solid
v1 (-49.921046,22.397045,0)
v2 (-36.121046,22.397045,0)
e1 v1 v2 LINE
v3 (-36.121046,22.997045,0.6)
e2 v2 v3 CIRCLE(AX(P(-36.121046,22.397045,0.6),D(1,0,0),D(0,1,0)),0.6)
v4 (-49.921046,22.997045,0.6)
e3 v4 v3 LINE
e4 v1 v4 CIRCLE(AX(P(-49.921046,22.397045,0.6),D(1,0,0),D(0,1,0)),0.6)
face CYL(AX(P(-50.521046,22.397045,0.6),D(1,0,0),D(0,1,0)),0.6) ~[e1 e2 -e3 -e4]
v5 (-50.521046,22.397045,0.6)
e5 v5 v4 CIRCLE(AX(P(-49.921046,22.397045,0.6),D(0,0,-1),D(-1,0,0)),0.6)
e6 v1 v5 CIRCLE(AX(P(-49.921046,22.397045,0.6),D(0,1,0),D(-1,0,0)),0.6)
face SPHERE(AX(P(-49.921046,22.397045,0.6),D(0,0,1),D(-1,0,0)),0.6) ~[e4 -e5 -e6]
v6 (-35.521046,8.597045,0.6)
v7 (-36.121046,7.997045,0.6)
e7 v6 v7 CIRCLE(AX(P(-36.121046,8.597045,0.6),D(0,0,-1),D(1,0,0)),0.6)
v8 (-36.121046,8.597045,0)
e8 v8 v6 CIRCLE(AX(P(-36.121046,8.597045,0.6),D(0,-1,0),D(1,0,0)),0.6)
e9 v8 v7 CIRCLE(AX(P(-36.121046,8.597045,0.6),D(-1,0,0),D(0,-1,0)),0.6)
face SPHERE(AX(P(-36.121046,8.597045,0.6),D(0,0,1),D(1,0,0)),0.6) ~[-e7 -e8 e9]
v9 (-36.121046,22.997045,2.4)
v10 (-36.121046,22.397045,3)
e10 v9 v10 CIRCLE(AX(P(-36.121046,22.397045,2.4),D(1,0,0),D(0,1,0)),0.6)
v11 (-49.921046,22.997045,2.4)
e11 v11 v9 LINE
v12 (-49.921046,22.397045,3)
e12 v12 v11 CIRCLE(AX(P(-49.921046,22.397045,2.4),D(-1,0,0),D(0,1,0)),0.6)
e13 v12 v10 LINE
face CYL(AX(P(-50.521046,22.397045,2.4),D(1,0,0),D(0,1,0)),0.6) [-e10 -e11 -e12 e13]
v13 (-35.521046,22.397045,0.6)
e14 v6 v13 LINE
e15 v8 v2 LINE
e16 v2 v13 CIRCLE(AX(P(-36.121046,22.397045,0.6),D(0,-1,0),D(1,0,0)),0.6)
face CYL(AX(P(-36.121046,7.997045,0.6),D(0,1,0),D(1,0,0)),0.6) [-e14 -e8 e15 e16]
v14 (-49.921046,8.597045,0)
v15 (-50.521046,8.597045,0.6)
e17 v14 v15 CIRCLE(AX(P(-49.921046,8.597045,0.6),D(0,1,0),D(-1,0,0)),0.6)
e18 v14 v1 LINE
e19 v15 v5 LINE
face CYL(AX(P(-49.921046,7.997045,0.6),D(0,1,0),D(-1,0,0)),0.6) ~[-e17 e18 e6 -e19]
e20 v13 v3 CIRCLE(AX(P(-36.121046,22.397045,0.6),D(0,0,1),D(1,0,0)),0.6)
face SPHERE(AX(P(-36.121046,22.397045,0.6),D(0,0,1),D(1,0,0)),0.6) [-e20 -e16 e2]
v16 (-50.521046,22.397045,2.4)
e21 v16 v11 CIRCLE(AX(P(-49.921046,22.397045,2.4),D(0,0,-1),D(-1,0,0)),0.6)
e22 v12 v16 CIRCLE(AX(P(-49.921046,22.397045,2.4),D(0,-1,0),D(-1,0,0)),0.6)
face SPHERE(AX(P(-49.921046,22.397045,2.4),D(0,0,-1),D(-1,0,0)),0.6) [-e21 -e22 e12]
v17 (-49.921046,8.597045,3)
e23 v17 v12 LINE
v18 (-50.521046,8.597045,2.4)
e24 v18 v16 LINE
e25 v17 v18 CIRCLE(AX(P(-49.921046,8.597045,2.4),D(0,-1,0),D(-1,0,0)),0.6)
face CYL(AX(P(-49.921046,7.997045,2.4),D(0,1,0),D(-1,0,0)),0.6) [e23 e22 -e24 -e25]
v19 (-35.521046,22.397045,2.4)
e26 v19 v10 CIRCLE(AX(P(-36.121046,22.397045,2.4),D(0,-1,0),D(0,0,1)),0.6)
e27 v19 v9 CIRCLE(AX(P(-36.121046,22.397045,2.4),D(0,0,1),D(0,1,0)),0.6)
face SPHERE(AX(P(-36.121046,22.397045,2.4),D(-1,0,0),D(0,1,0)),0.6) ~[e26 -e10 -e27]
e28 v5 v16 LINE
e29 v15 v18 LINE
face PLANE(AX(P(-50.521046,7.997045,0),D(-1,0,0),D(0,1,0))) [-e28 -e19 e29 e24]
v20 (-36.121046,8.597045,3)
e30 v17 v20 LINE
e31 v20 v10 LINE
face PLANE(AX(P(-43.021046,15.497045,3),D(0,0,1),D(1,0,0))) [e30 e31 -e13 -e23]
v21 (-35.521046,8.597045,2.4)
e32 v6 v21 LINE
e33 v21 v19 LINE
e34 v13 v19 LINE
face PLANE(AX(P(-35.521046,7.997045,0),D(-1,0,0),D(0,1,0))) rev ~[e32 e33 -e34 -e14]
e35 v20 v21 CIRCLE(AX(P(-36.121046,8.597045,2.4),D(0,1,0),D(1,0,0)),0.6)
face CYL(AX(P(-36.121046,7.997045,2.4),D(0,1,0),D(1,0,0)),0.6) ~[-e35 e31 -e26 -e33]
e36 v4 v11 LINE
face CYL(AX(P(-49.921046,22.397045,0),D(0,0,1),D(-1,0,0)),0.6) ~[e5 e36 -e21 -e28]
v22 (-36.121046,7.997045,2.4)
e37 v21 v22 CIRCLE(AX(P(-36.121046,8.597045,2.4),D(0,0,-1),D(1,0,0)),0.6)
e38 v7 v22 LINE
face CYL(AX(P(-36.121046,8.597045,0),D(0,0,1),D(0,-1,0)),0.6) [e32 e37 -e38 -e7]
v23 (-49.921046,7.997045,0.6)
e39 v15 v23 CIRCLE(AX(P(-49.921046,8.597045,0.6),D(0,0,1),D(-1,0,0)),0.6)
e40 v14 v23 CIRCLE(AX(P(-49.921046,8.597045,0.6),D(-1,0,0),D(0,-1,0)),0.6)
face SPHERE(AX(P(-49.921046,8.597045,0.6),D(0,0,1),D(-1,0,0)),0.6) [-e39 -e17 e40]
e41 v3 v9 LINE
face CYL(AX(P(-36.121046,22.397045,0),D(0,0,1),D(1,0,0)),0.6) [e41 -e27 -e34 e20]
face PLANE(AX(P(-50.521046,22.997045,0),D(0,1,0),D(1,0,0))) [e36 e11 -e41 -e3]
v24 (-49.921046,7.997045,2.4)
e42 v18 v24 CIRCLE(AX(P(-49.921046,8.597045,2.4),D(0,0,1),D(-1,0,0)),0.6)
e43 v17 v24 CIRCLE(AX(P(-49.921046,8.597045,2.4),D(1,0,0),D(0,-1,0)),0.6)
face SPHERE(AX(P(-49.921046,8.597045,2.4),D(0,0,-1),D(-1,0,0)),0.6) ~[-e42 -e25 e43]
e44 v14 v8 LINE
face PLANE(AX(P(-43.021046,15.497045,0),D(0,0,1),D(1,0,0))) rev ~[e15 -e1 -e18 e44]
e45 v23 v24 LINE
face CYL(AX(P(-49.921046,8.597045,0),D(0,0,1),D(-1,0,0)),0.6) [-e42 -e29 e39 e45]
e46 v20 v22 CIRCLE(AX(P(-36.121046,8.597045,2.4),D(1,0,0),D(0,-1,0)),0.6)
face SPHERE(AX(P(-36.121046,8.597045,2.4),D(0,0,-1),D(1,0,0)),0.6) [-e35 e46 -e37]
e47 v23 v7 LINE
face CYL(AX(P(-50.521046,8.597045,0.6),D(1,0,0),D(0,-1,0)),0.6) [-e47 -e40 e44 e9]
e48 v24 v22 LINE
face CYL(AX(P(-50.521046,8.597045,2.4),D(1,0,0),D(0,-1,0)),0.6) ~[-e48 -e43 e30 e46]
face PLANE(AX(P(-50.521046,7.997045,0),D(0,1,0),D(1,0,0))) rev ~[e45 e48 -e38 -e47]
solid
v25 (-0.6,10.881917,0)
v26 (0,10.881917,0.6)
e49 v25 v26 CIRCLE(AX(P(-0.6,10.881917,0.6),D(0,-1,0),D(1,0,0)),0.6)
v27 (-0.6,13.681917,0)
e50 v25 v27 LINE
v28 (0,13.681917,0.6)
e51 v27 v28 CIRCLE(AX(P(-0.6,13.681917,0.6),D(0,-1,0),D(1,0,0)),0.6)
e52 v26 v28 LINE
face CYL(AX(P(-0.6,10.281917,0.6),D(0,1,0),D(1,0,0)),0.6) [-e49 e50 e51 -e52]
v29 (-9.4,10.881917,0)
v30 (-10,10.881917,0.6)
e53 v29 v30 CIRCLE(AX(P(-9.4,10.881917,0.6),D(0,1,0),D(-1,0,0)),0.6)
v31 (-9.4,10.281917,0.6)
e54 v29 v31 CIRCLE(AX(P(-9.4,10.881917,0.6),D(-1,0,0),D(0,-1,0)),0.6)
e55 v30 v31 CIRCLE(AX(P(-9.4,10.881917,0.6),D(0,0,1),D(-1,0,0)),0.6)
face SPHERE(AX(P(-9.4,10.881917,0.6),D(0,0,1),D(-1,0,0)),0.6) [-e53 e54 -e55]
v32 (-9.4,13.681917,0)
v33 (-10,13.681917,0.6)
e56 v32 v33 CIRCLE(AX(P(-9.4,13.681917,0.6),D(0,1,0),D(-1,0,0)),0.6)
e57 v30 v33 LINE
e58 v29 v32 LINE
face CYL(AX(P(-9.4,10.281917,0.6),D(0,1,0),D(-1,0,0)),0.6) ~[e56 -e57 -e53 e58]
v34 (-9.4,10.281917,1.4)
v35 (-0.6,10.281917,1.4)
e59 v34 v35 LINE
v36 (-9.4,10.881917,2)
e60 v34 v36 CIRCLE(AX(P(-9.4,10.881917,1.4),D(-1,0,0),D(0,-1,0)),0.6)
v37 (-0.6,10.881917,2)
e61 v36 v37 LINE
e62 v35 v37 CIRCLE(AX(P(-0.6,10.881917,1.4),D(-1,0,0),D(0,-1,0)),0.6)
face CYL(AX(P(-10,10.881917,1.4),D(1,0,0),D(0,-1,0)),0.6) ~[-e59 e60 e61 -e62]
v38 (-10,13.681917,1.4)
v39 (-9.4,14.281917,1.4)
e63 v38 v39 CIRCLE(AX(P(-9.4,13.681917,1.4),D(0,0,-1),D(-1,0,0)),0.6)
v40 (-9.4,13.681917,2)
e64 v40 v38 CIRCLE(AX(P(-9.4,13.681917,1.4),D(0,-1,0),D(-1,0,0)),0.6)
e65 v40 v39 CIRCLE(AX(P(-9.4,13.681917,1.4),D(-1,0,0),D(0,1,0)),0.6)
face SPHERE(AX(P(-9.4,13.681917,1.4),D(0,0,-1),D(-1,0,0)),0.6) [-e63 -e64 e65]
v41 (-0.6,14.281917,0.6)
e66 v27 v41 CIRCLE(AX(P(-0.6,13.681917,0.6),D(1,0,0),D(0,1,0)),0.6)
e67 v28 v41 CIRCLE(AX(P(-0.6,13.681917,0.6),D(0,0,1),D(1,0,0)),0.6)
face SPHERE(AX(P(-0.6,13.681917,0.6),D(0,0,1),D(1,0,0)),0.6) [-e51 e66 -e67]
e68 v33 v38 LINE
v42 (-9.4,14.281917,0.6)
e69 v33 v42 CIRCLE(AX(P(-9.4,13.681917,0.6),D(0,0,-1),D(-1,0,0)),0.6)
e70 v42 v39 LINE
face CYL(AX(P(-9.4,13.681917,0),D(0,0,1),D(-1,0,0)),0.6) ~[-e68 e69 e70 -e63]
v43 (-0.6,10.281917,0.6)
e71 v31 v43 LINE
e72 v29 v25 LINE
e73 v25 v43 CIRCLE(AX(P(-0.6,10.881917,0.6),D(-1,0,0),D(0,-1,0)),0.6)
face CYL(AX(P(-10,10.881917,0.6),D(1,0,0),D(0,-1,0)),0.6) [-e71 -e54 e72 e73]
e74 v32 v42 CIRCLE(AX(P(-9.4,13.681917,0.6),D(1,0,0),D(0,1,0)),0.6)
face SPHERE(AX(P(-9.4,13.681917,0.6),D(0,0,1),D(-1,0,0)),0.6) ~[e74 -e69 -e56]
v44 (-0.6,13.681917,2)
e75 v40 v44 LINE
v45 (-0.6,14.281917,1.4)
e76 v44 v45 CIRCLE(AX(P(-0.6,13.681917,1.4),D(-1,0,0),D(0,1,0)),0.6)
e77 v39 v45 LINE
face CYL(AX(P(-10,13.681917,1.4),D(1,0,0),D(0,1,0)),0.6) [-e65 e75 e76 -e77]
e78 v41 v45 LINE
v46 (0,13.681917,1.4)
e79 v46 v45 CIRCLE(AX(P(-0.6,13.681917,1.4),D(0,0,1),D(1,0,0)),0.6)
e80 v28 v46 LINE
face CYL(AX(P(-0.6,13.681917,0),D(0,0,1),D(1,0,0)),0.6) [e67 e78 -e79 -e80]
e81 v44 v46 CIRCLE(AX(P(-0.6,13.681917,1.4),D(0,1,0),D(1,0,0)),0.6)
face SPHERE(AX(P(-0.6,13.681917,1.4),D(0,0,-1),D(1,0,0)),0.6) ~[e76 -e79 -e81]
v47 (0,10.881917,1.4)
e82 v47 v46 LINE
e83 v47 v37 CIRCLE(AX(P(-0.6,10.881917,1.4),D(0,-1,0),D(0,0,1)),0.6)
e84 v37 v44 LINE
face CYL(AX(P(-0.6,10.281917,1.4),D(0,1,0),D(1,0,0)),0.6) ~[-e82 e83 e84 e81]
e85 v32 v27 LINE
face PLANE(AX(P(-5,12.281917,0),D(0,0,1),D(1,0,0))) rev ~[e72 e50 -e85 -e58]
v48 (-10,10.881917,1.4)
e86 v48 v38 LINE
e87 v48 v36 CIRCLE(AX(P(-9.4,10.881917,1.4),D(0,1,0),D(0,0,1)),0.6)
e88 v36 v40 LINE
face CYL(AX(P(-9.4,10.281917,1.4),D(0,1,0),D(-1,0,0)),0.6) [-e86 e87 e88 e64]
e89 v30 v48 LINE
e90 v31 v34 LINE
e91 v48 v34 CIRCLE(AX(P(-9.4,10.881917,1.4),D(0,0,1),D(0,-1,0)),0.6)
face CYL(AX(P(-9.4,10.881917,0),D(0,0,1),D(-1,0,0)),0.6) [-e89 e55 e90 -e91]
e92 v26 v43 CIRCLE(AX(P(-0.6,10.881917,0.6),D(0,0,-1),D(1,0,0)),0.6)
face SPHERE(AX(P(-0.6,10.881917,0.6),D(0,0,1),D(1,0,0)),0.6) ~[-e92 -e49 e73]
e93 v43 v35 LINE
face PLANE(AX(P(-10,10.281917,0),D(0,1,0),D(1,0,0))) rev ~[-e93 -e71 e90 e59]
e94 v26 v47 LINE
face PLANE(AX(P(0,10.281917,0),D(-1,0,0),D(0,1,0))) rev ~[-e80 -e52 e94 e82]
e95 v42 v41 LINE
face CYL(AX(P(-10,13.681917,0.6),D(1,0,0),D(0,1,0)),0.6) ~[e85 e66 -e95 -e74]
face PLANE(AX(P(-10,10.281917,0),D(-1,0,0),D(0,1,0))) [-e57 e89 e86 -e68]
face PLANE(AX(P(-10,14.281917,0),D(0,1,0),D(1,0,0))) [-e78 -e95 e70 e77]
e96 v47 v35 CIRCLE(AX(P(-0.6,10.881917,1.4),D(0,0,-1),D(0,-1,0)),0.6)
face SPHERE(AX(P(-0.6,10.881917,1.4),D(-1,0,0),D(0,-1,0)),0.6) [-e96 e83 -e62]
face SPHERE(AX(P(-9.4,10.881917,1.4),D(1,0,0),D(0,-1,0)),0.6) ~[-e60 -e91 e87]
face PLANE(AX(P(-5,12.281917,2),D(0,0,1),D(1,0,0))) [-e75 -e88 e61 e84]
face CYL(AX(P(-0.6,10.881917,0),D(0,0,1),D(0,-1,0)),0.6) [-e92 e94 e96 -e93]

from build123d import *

# Parameters (mm, degrees)
F0_W     = 15
F0_H     = 15
F1_DEPTH = 3
F0_W_2   = 10
F0_H_2   = 4
F2_DEPTH = 2
F3_R     = 0.6
F3_2_R   = 0.6


with BuildPart() as f1:
    # F0 (on Top) → F1 (new body)
    with BuildSketch(Plane.XY):
        with Locations((-43.021046, 15.497045)):
            Rectangle(F0_W, F0_H)
    extrude(amount=F1_DEPTH)

    # F3
    f3_edges = [f1.edges().sort_by_distance(p)[0] for p in [
        (-50.521046, 22.997045, 1.5),
        (-50.521046, 7.997045, 1.5),
        (-50.521046, 15.497045, 0),
        (-50.521046, 15.497045, 3),
        (-43.021046, 22.997045, 3),
        (-35.521046, 7.997045, 1.5),
        (-35.521046, 22.997045, 1.5),
        (-35.521046, 15.497045, 0),
        (-35.521046, 15.497045, 3),
        (-43.021046, 7.997045, 3),
        (-43.021046, 22.997045, 0),
        (-43.021046, 7.997045, 0),
    ]]
    fillet(f3_edges, radius=F3_R)


with BuildPart() as f2:
    # F0 (on Top) → F2 (new body)
    with BuildSketch(Plane.XY):
        with Locations((-5, 12.281917)):
            Rectangle(F0_W_2, F0_H_2)
    extrude(amount=F2_DEPTH)

    # F3#2
    f3_2_edges = [f2.edges().sort_by_distance(p)[0] for p in [
        (-5, 10.281917, 2),
        (0, 10.281917, 1),
        (0, 14.281917, 1),
        (0, 12.281917, 0),
        (0, 12.281917, 2),
        (-10, 14.281917, 1),
        (-10, 10.281917, 1),
        (-10, 12.281917, 0),
        (-10, 12.281917, 2),
        (-5, 14.281917, 2),
        (-5, 14.281917, 0),
        (-5, 10.281917, 0),
    ]]
    fillet(f3_2_edges, radius=F3_2_R)


solid = Compound([f1.part, f2.part])
